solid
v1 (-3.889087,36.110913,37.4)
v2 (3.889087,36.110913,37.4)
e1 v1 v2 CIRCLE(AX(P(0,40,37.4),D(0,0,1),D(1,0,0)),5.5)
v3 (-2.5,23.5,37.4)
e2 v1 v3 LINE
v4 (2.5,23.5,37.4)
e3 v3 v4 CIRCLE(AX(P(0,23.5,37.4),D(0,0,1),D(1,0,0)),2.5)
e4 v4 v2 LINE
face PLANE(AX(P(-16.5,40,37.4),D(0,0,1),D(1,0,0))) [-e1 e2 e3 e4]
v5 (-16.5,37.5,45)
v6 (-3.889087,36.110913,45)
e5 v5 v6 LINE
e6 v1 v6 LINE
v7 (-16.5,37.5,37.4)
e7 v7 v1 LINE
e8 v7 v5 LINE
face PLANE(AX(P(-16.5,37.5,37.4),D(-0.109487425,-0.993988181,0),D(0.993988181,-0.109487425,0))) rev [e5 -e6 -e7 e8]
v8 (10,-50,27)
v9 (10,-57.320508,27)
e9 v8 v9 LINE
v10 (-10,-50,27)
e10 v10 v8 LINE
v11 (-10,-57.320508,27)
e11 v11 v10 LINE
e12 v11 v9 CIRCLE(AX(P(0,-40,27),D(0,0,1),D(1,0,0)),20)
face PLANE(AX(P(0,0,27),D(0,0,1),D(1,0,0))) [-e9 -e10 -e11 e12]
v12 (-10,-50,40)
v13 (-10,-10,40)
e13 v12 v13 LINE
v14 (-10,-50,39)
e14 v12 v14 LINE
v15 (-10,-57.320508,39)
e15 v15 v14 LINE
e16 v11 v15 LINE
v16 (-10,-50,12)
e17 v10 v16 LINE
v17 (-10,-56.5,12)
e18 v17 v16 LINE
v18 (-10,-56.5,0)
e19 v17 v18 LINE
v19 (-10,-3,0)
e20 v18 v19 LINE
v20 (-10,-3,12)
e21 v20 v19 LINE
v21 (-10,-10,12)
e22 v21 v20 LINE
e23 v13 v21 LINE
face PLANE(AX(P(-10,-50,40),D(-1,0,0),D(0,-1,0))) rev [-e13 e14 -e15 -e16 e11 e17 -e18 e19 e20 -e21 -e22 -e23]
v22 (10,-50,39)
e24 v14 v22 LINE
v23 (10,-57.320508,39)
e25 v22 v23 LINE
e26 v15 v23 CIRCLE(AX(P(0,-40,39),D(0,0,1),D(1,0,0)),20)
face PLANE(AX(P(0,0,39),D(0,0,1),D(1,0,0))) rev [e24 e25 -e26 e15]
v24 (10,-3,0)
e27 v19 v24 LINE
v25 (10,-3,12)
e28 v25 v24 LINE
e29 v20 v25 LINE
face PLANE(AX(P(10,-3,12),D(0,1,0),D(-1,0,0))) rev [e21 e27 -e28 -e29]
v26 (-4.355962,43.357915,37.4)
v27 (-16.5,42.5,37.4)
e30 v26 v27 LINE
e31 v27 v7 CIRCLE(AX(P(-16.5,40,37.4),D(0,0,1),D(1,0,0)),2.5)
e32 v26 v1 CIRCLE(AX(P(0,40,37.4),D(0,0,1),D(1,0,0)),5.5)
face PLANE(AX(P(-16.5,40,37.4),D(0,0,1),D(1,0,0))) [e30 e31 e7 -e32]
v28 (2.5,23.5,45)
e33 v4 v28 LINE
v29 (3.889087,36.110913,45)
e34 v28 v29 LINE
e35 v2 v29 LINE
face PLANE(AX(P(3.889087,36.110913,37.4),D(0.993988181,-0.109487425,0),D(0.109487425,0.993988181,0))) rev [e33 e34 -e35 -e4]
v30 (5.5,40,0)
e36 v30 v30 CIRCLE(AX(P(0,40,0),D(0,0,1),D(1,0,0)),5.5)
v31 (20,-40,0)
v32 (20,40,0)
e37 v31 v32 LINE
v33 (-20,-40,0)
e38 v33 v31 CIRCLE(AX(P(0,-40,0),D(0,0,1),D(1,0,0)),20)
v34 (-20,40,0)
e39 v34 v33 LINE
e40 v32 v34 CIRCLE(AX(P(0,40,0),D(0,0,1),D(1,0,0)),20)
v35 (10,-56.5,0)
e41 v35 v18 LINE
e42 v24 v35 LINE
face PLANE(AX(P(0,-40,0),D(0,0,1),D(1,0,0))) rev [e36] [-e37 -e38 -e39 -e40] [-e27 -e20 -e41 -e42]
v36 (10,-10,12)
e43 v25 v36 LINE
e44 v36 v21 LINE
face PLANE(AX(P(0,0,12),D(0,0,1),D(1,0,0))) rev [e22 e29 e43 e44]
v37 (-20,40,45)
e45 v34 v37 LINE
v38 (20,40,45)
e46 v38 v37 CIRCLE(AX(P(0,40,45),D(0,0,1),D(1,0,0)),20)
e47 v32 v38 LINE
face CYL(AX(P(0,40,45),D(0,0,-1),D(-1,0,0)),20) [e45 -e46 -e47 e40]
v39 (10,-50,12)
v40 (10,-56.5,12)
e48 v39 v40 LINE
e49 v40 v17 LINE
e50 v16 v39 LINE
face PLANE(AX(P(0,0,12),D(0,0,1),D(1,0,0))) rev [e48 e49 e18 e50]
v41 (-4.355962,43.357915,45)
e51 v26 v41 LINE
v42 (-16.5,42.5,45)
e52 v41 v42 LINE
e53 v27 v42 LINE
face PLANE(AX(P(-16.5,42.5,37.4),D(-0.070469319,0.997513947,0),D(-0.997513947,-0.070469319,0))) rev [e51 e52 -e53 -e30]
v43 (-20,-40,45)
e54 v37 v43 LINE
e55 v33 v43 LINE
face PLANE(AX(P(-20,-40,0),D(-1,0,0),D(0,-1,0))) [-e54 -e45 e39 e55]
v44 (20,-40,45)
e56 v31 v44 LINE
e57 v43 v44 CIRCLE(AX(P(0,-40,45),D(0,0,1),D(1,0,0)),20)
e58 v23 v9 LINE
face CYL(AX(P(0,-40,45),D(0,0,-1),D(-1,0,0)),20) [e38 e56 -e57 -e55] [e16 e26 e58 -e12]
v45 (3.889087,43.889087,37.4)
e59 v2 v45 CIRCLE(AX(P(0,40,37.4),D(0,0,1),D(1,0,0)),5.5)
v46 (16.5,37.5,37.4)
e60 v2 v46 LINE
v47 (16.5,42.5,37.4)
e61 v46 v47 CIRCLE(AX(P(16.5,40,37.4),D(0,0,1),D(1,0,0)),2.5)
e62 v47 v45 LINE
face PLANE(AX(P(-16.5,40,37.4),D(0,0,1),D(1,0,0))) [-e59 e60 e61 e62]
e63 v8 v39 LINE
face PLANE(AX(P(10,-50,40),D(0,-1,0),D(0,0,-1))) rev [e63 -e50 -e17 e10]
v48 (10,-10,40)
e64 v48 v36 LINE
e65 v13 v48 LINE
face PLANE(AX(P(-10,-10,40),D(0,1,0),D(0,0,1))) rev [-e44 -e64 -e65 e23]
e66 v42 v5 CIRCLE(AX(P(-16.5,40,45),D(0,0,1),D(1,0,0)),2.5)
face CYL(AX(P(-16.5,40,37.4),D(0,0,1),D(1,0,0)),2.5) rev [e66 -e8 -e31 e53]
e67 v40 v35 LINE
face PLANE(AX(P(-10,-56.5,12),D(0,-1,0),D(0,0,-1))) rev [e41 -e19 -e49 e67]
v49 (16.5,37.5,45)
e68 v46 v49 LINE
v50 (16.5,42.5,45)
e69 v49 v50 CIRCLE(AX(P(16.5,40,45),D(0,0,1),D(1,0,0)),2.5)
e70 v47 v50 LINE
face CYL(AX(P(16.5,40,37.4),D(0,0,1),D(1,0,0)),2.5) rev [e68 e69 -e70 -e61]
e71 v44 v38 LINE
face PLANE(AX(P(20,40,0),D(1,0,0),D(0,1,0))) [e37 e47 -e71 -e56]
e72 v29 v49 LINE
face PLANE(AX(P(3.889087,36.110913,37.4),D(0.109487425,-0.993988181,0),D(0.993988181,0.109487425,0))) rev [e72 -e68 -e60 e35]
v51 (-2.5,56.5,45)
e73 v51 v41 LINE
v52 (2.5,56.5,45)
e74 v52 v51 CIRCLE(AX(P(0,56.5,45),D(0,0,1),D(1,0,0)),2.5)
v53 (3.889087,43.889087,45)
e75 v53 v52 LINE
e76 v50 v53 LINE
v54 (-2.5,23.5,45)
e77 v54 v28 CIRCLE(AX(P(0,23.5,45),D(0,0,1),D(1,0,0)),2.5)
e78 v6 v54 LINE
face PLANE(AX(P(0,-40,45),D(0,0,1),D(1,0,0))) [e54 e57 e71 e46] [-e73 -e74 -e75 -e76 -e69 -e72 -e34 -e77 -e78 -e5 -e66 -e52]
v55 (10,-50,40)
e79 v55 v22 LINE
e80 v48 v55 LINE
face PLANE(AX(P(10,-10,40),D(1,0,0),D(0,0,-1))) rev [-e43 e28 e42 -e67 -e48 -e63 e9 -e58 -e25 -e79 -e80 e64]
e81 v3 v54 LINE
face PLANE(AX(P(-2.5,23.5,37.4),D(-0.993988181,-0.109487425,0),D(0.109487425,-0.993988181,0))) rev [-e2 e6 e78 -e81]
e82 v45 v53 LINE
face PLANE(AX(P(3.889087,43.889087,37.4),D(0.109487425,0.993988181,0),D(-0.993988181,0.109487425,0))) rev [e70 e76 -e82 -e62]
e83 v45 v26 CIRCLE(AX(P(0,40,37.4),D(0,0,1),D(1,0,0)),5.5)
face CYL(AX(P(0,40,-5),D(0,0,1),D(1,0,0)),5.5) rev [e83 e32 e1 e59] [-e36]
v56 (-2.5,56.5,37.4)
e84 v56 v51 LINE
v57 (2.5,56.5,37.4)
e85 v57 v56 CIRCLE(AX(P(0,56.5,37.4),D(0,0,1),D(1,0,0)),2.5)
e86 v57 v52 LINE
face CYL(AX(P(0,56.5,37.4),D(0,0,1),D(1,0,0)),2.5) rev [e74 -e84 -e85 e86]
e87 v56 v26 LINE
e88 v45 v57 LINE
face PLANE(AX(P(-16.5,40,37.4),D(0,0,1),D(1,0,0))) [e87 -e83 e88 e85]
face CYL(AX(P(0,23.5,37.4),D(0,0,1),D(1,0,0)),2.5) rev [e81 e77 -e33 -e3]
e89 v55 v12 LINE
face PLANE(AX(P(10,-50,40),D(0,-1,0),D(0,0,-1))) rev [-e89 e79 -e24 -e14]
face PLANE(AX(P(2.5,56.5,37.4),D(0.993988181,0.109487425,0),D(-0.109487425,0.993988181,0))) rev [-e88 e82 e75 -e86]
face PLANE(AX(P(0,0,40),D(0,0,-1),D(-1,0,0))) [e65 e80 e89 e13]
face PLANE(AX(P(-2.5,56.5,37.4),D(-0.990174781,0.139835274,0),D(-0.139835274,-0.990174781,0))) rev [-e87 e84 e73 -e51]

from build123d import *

# Parameters (mm, degrees)
CROQUIS1_R                = 20
SALIENTE_EXTRUIR1_DEPTH   = 45
SALIENTE_EXTRUIR1_2_DEPTH = 45
CROQUIS2_W                = 40
CROQUIS2_H                = 80
SALIENTE_EXTRUIR2_DEPTH   = 45
CORTAR_EXTRUIR2_DEPTH     = 7.6
CROQUIS4_R                = 5.5
CORTAR_EXTRUIR3_DEPTH     = 50
CROQUIS5_W                = 20
CROQUIS5_H                = 40
CORTAR_EXTRUIR4_DEPTH     = 40
CROQUIS6_W                = 20
CROQUIS6_H                = 6.5
CROQUIS6_H_2              = 7
CORTAR_EXTRUIR5_DEPTH     = 12
CORTAR_EXTRUIR6_START     = -27
CROQUIS7_W                = 20
CROQUIS7_H                = 13.910937509
CORTAR_EXTRUIR6_DEPTH     = 12


with BuildPart() as part:
    # Croquis1 → Saliente-Extruir1 (new body)
    with BuildSketch(Plane(origin=(0, 0, 0), x_dir=(0, 1, 0), z_dir=(0, 0, 1))):
        with Locations(Location((-40, 0, 0), (0, 0, 90))):
            Circle(CROQUIS1_R)
    extrude(amount=SALIENTE_EXTRUIR1_DEPTH)



with BuildPart() as body_2:
    # Croquis1 → Saliente-Extruir1 2 (new body)
    with BuildSketch(Plane(origin=(0, 0, 0), x_dir=(0, 1, 0), z_dir=(0, 0, 1))):
        with Locations(Location((40, 0, 0), (0, 0, 90))):
            Circle(CROQUIS1_R)
    extrude(amount=SALIENTE_EXTRUIR1_2_DEPTH)


with BuildPart() as part_1:
    add(part.part)

    add(body_2.part)  # Saliente-Extruir2 merges body 2
    # Croquis2 → Saliente-Extruir2 (add)
    with BuildSketch(Plane.XY.offset(45)):
        Rectangle(CROQUIS2_W, CROQUIS2_H)
    extrude(amount=-SALIENTE_EXTRUIR2_DEPTH)

    # Croquis3 → Cortar-Extruir2 (cut)
    with BuildSketch(Plane.XY.offset(45)):
        with BuildLine():
            Line((-16.5, 42.5), (-4.355962306, 43.357914886))
            Line((-4.355962306, 43.357914886), (-2.5, 56.5))
            ThreePointArc((-2.5, 56.5), (0, 59), (2.5, 56.5))
            Line((2.5, 56.5), (3.889087297, 43.889087297))
            Line((3.889087297, 43.889087297), (16.5, 42.5))
            ThreePointArc((16.5, 42.5), (19, 40), (16.5, 37.5))
            Line((16.5, 37.5), (3.889087297, 36.110912703))
            Line((3.889087297, 36.110912703), (2.5, 23.5))
            ThreePointArc((2.5, 23.5), (0, 21), (-2.5, 23.5))
            Line((-2.5, 23.5), (-3.889087297, 36.110912703))
            Line((-3.889087297, 36.110912703), (-16.5, 37.5))
            ThreePointArc((-16.5, 37.5), (-19, 40), (-16.5, 42.5))
        make_face()
    extrude(amount=-CORTAR_EXTRUIR2_DEPTH, mode=Mode.SUBTRACT)

    # Croquis4 → Cortar-Extruir3 (cut)
    with BuildSketch(Plane.XY.offset(45)):
        with Locations((0, 40)):
            Circle(CROQUIS4_R)
    extrude(amount=-CORTAR_EXTRUIR3_DEPTH, mode=Mode.SUBTRACT)

    # Croquis5 → Cortar-Extruir4 (cut)
    with BuildSketch(Plane(origin=(0, 0, 0), x_dir=(1, 0, 0), z_dir=(0, 0, -1))):
        with Locations((0, 30)):
            Rectangle(CROQUIS5_W, CROQUIS5_H)
    extrude(amount=-CORTAR_EXTRUIR4_DEPTH, mode=Mode.SUBTRACT)

    # Croquis6 → Cortar-Extruir5 (cut)
    with BuildSketch(Plane(origin=(0, 0, 0), x_dir=(1, 0, 0), z_dir=(0, 0, -1))):
        with Locations((0, 53.25)):
            Rectangle(CROQUIS6_W, CROQUIS6_H)
        with Locations((0, 6.5)):
            Rectangle(CROQUIS6_W, CROQUIS6_H_2)
    extrude(amount=-CORTAR_EXTRUIR5_DEPTH, mode=Mode.SUBTRACT)

    # Croquis7 → Cortar-Extruir6 (cut)
    with BuildSketch(Plane(origin=(0, 0, 0), x_dir=(1, 0, 0), z_dir=(0, 0, -1)).offset(CORTAR_EXTRUIR6_START)):
        with Locations((0, 56.955468755)):
            Rectangle(CROQUIS7_W, CROQUIS7_H)
    extrude(amount=-CORTAR_EXTRUIR6_DEPTH, mode=Mode.SUBTRACT)


solid = part_1.part
